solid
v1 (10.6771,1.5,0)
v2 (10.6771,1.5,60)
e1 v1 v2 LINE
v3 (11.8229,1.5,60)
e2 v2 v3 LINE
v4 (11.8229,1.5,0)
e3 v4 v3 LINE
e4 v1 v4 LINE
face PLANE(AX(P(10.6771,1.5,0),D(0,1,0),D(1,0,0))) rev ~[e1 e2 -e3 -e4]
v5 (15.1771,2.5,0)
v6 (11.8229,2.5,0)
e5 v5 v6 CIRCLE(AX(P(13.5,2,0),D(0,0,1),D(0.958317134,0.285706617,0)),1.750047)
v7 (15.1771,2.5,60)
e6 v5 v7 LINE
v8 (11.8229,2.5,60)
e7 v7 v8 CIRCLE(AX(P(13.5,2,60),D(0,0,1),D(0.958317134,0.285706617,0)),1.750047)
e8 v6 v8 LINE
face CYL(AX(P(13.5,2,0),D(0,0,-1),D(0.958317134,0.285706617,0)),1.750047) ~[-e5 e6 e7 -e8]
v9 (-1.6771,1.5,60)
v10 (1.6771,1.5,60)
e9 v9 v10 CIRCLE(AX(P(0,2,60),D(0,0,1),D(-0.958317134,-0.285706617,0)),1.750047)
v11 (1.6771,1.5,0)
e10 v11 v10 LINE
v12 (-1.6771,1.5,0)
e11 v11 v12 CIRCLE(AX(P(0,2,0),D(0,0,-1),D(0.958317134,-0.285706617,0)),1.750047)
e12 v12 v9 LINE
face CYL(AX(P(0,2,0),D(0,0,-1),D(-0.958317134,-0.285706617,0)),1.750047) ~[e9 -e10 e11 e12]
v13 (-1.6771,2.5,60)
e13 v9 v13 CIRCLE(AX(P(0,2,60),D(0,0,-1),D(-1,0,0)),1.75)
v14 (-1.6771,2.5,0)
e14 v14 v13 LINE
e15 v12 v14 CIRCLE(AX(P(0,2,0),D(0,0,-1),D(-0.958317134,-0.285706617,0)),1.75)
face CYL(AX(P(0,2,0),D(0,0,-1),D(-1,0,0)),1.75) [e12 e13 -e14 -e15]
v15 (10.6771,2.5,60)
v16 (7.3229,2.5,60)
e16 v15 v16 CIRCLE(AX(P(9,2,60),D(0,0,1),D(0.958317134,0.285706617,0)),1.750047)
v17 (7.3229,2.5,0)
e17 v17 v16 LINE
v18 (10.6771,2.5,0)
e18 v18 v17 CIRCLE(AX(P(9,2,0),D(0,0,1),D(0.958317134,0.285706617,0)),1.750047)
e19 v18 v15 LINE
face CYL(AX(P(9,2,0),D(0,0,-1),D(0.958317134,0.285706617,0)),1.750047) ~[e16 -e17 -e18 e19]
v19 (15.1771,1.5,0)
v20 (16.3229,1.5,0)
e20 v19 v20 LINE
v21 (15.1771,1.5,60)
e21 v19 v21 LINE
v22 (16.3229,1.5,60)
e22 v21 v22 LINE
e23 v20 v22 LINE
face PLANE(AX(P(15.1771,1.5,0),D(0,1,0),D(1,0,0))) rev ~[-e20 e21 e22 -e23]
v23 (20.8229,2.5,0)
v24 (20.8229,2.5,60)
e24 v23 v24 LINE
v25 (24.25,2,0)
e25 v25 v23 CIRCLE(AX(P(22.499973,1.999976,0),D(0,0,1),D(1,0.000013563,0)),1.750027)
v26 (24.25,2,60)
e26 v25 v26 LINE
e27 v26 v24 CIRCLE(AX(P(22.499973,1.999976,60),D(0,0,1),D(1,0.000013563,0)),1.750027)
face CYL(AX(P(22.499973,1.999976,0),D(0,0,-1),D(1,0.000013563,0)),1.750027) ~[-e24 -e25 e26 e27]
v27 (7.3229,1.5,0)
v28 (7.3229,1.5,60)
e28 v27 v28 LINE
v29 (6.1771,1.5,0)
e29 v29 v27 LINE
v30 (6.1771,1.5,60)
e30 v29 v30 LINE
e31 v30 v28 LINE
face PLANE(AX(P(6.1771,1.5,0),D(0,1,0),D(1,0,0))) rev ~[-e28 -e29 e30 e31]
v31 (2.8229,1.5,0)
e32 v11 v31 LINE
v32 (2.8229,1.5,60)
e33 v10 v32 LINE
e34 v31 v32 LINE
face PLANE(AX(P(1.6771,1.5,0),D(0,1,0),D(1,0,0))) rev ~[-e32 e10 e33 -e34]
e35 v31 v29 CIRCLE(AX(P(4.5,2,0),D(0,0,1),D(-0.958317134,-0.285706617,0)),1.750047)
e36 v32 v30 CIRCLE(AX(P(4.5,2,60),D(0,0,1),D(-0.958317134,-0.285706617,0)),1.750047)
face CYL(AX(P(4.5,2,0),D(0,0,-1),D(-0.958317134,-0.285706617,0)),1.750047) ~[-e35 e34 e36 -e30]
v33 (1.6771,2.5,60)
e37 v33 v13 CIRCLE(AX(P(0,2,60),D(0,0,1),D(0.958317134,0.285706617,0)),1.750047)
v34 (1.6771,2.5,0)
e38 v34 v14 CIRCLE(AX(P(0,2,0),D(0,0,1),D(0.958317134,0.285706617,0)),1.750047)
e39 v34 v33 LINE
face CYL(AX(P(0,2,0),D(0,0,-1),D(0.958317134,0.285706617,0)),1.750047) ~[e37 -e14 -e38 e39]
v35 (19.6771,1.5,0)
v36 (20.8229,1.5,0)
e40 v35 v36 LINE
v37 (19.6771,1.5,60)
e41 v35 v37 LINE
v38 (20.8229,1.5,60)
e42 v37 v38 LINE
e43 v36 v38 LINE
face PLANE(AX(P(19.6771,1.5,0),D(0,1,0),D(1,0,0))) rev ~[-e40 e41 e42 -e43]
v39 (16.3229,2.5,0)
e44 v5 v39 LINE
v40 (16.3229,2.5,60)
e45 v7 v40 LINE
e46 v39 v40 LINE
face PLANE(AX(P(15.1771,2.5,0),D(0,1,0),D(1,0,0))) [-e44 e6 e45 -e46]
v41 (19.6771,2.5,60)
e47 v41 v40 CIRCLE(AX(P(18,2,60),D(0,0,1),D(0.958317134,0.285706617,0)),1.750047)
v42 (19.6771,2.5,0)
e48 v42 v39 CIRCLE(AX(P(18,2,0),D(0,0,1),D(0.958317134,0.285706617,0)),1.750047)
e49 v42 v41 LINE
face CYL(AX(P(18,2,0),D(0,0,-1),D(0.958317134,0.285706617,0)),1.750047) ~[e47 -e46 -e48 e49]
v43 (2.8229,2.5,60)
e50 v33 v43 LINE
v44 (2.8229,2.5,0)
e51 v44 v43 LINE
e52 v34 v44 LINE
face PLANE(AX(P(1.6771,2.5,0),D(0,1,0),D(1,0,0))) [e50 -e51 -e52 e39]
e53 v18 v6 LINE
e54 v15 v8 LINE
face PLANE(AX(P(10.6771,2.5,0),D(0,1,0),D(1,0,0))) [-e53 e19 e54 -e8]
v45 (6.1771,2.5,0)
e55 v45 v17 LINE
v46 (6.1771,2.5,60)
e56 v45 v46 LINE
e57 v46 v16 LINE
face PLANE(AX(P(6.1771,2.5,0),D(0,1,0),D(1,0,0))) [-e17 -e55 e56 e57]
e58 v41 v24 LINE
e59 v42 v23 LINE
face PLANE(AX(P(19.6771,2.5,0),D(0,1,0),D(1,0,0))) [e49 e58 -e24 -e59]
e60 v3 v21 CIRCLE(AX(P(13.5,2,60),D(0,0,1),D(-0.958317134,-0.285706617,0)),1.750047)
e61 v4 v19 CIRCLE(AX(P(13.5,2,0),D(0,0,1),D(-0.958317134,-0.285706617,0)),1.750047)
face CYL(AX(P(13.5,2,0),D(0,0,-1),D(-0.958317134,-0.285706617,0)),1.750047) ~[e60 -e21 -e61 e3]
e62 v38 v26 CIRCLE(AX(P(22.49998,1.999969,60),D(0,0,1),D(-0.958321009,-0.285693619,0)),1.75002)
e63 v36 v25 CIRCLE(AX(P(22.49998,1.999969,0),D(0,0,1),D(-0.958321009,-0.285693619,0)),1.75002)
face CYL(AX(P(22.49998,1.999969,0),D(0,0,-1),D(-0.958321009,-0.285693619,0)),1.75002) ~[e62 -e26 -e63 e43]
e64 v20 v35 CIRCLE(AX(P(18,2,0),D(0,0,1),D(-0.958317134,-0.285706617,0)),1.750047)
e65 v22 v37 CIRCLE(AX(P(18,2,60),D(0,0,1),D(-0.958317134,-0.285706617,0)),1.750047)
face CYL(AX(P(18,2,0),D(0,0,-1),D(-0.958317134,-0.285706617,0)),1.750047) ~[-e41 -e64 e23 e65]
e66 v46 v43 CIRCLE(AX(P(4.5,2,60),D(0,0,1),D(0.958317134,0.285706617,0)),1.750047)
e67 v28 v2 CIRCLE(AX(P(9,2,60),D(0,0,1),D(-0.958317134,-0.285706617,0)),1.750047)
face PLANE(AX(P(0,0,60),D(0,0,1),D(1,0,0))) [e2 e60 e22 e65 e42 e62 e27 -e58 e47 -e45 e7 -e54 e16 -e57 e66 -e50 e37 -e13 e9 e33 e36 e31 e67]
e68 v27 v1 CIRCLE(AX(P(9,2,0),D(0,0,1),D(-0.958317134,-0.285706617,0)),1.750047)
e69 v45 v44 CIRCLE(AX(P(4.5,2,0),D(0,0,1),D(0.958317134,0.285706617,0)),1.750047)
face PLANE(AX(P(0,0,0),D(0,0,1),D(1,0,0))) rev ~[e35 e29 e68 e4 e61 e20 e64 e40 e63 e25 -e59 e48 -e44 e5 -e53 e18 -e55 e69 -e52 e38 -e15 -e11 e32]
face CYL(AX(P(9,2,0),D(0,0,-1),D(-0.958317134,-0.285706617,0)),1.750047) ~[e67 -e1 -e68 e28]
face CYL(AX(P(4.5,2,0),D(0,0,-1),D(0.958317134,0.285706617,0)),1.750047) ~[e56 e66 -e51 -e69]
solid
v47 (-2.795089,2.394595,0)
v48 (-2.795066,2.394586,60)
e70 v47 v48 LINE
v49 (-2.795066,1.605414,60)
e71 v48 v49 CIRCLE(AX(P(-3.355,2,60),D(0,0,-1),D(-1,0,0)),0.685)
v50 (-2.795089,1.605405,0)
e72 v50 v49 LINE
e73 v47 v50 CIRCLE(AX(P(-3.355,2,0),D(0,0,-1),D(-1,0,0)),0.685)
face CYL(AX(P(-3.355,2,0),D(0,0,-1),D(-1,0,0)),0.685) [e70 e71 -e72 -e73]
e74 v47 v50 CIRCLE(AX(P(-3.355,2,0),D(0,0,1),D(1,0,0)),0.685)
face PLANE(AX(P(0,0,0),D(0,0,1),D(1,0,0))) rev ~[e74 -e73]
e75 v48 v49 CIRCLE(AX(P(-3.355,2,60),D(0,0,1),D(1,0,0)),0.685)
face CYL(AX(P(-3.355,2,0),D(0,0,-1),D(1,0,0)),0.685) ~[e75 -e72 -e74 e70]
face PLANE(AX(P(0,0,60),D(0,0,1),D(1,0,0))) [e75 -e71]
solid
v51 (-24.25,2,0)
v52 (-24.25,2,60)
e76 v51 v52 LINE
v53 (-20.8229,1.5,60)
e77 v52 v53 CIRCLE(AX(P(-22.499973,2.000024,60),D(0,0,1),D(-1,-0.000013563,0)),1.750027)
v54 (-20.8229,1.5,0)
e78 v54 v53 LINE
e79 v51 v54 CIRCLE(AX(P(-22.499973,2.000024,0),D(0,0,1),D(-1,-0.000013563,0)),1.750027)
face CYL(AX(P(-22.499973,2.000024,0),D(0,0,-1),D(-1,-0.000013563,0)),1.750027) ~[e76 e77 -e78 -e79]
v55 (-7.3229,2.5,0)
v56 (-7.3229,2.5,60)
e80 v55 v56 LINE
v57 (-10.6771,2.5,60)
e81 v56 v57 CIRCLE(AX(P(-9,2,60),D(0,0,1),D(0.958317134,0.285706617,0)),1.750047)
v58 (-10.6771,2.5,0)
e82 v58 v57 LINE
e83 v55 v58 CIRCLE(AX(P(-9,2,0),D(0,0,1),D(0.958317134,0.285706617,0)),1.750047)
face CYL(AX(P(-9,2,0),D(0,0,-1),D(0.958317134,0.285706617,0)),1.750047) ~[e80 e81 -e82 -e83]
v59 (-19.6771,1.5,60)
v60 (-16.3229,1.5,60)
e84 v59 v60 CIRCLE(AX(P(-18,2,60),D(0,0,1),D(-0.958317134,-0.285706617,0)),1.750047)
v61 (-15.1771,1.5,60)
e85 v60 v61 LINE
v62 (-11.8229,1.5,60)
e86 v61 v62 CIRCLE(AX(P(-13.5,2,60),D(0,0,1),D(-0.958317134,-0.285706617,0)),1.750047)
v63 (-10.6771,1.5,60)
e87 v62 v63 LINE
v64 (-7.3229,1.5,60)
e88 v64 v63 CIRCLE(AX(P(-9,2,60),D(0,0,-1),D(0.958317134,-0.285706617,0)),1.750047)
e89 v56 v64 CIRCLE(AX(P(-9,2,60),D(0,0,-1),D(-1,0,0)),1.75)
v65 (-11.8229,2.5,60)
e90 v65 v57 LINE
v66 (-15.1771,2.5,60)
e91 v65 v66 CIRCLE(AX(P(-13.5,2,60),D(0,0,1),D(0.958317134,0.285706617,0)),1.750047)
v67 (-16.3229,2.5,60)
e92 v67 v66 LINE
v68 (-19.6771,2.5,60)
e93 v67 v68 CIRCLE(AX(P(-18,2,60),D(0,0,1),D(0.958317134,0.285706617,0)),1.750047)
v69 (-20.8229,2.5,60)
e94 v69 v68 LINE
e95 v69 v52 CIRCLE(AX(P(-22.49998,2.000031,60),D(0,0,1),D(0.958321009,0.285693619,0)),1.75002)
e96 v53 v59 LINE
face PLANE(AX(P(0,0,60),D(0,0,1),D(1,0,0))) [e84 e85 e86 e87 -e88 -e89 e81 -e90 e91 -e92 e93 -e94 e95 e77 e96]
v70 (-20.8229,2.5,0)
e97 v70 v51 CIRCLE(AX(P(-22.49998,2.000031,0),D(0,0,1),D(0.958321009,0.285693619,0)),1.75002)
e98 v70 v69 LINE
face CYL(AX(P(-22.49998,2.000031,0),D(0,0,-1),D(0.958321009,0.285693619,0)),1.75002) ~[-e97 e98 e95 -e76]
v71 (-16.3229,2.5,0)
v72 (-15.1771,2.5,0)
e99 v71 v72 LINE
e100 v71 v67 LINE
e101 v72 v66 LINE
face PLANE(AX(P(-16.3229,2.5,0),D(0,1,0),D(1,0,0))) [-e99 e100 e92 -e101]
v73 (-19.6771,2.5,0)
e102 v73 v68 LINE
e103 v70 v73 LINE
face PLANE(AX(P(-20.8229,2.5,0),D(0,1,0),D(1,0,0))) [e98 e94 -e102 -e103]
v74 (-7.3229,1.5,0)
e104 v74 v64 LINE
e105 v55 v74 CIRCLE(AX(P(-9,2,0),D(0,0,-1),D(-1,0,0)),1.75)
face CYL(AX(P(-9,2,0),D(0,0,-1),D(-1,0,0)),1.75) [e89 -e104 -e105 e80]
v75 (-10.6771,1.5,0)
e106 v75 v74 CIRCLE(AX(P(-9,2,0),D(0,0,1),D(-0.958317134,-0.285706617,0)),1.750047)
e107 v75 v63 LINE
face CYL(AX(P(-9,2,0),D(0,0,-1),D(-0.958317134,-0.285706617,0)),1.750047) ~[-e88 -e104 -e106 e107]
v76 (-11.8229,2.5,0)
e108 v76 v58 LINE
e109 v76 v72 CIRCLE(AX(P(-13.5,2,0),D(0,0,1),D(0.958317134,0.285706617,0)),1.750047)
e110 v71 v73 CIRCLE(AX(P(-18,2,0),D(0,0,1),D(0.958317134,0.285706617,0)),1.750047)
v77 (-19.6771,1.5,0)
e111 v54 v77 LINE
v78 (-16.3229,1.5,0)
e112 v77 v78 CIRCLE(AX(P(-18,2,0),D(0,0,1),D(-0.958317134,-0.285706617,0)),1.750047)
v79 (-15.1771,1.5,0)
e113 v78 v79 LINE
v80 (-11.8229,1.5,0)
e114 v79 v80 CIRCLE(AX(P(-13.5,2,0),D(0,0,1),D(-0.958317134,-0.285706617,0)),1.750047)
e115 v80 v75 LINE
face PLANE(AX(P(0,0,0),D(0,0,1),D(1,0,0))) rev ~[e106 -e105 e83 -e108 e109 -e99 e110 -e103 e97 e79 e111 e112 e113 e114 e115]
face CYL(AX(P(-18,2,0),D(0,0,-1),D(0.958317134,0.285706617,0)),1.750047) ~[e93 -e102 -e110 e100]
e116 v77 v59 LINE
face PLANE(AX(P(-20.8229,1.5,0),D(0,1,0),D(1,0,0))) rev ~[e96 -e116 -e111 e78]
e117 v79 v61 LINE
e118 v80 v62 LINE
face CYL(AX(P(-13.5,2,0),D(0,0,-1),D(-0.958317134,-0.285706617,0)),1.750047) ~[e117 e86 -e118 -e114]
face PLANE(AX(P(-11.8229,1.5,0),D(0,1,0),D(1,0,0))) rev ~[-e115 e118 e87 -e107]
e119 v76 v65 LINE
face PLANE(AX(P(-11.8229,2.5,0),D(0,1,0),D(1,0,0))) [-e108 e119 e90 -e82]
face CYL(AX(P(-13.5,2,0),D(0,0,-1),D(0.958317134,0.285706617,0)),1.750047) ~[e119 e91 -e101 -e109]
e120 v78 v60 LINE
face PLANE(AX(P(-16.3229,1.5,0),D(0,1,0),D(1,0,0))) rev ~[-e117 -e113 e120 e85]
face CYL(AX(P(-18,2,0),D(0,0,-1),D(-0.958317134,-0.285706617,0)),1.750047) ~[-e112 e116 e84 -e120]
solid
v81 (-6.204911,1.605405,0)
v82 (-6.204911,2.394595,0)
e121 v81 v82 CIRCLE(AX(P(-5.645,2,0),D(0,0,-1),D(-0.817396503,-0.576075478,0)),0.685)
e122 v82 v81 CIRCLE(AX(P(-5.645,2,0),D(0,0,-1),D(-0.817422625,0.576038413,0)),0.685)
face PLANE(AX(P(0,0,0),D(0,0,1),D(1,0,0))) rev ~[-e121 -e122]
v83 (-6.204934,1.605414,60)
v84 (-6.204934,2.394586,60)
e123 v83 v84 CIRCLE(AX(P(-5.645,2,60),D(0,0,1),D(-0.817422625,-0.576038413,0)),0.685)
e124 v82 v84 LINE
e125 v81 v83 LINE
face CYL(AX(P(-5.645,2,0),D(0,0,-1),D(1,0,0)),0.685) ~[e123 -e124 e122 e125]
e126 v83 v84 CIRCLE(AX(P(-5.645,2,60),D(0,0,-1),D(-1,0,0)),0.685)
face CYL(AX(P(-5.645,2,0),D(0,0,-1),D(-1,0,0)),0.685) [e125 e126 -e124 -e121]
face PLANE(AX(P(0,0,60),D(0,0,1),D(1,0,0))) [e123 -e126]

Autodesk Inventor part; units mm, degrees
ref_plane "YZ Plane" through (0, 0, 0) normal (1, 0, 0) x (0, 1, 0)
ref_plane "XZ Plane" through (0, 0, 0) normal (0, 1, 0) x (-1, 0, 0)
ref_plane "XY Plane" through (0, 0, 0) normal (0, 0, 1) x (1, 0, 0)
sketch "Sketch1" plane through (0, 0, 0) normal (0, 0, 1) x (1, 0, 0)
  line L0 (25, -2) -> (24.25, -2) projected
  line L1 (25, 2) -> (25, -2) projected
  line L2 (24.25, 2) -> (25, 2) projected
  arc A0 (20.8229, 1.5) -> (24.25, 2) centre (22.5, 2) ccw projected
  line L3 (19.6771, 1.5) -> (20.8229, 1.5) projected
  arc A1 (16.3229, 1.5) -> (19.6771, 1.5) centre (18, 2) ccw projected
  line L4 (15.1771, 1.5) -> (16.3229, 1.5) projected
  arc A2 (11.8229, 1.5) -> (15.1771, 1.5) centre (13.5, 2) ccw projected
  line L5 (10.6771, 1.5) -> (11.8229, 1.5) projected
  arc A3 (7.3229, 1.5) -> (10.6771, 1.5) centre (9, 2) ccw projected
  line L6 (6.1771, 1.5) -> (7.3229, 1.5) projected
  arc A4 (2.8229, 1.5) -> (6.1771, 1.5) centre (4.5, 2) ccw projected
  line L7 (1.6771, 1.5) -> (2.8229, 1.5) projected
  arc A5 (-1.6771, 1.5) -> (1.6771, 1.5) centre (0, 2) ccw projected
  line L8 (-2.8229, 1.5) -> (-1.6771, 1.5) projected
  arc A6 (-6.1771, 1.5) -> (-2.8229, 1.5) centre (-4.5, 2) ccw projected
  line L9 (-7.3229, 1.5) -> (-6.1771, 1.5) projected
  arc A7 (-10.6771, 1.5) -> (-7.3229, 1.5) centre (-9, 2) ccw projected
  line L10 (-11.8229, 1.5) -> (-10.6771, 1.5) projected
  arc A8 (-15.1771, 1.5) -> (-11.8229, 1.5) centre (-13.5, 2) ccw projected
  line L11 (-16.3229, 1.5) -> (-15.1771, 1.5) projected
  arc A9 (-19.6771, 1.5) -> (-16.3229, 1.5) centre (-18, 2) ccw projected
  line L12 (-20.8229, 1.5) -> (-19.6771, 1.5) projected
  arc A10 (-24.25, 2) -> (-20.8229, 1.5) centre (-22.5, 2) ccw projected
  line L13 (-25, 2) -> (-24.25, 2) projected
  line L14 (-25, -2) -> (-25, 2) projected
  line L15 (-24.25, -2) -> (-25, -2) projected
  arc A11 (-20.8229, -1.5) -> (-24.25, -2) centre (-22.5, -2) ccw projected
  line L16 (-19.6771, -1.5) -> (-20.8229, -1.5) projected
  arc A12 (-16.3229, -1.5) -> (-19.6771, -1.5) centre (-18, -2) ccw projected
  line L17 (-15.1771, -1.5) -> (-16.3229, -1.5) projected
  arc A13 (-11.8229, -1.5) -> (-15.1771, -1.5) centre (-13.5, -2) ccw projected
  line L18 (-10.6771, -1.5) -> (-11.8229, -1.5) projected
  arc A14 (-7.3229, -1.5) -> (-10.6771, -1.5) centre (-9, -2) ccw projected
  line L19 (-6.1771, -1.5) -> (-7.3229, -1.5) projected
  arc A15 (-2.8229, -1.5) -> (-6.1771, -1.5) centre (-4.5, -2) ccw projected
  line L20 (-1.6771, -1.5) -> (-2.8229, -1.5) projected
  arc A16 (1.6771, -1.5) -> (-1.6771, -1.5) centre (0, -2) ccw projected
  line L21 (2.8229, -1.5) -> (1.6771, -1.5) projected
  arc A17 (6.1771, -1.5) -> (2.8229, -1.5) centre (4.5, -2) ccw projected
  line L22 (7.3229, -1.5) -> (6.1771, -1.5) projected
  arc A18 (10.6771, -1.5) -> (7.3229, -1.5) centre (9, -2) ccw projected
  line L23 (11.8229, -1.5) -> (10.6771, -1.5) projected
  arc A19 (15.1771, -1.5) -> (11.8229, -1.5) centre (13.5, -2) ccw projected
  line L24 (16.3229, -1.5) -> (15.1771, -1.5) projected
  arc A20 (19.6771, -1.5) -> (16.3229, -1.5) centre (18, -2) ccw projected
  line L25 (20.8229, -1.5) -> (19.6771, -1.5) projected
  arc A21 (24.25, -2) -> (20.8229, -1.5) centre (22.5, -2) ccw projected
  arc A22 (-8.7265, 4.65) -> (-8.4667, 4.5) centre (-8.4667, 4.8) ccw projected
  line L26 (-8.7265, 4.65) -> (-9.1941, 5.46) projected
  line L27 (-9.1941, 5.46) -> (-10.1962, 5.46) projected
  arc A23 (-12.1962, 5.46) -> (-10.1962, 5.46) centre (-11.1962, 5.46) ccw projected
  line L28 (-12.1962, 5.46) -> (-15.6962, 5.46) projected
  arc A24 (-17.6962, 5.46) -> (-15.6962, 5.46) centre (-16.6962, 5.46) ccw projected
  line L29 (-17.6962, 5.46) -> (-18.6983, 5.46) projected
  line L30 (-18.6983, 5.46) -> (-19.1659, 4.65) projected
  arc A25 (-19.4258, 4.5) -> (-19.1659, 4.65) centre (-19.4258, 4.8) ccw projected
  line L31 (-19.4258, 4.5) -> (-24, 4.5) projected
  arc A26 (-24, 4.5) -> (-25, 3.5) centre (-24, 3.5) ccw projected
  line L32 (-25, 3.5) -> (-25, 2) projected
  line L33 (-25, 2) -> (-24.25, 2) projected
  arc A27 (-20.8229, 2.5) -> (-24.25, 2) centre (-22.5, 2) ccw projected
  line L34 (-20.8229, 2.5) -> (-19.6771, 2.5) projected
  arc A28 (-16.3229, 2.5) -> (-19.6771, 2.5) centre (-18, 2) ccw projected
  line L35 (-16.3229, 2.5) -> (-15.1771, 2.5) projected
  arc A29 (-11.8229, 2.5) -> (-15.1771, 2.5) centre (-13.5, 2) ccw projected
  line L36 (-11.8229, 2.5) -> (-10.6771, 2.5) projected
  arc A30 (-7.3229, 2.5) -> (-10.6771, 2.5) centre (-9, 2) ccw projected
  line L37 (-7.3229, 2.5) -> (-6.1771, 2.5) projected
  arc A31 (-2.8229, 2.5) -> (-6.1771, 2.5) centre (-4.5, 2) ccw projected
  line L38 (-2.8229, 2.5) -> (-1.6771, 2.5) projected
  arc A32 (1.6771, 2.5) -> (-1.6771, 2.5) centre (0, 2) ccw projected
  line L39 (1.6771, 2.5) -> (2.8229, 2.5) projected
  arc A33 (6.1771, 2.5) -> (2.8229, 2.5) centre (4.5, 2) ccw projected
  line L40 (6.1771, 2.5) -> (7.3229, 2.5) projected
  arc A34 (10.6771, 2.5) -> (7.3229, 2.5) centre (9, 2) ccw projected
  line L41 (10.6771, 2.5) -> (11.8229, 2.5) projected
  arc A35 (15.1771, 2.5) -> (11.8229, 2.5) centre (13.5, 2) ccw projected
  line L42 (15.1771, 2.5) -> (16.3229, 2.5) projected
  arc A36 (19.6771, 2.5) -> (16.3229, 2.5) centre (18, 2) ccw projected
  line L43 (19.6771, 2.5) -> (20.8229, 2.5) projected
  arc A37 (24.25, 2) -> (20.8229, 2.5) centre (22.5, 2) ccw projected
  line L44 (24.25, 2) -> (25, 2) projected
  line L45 (25, 2) -> (25, 3.5) projected
  arc A38 (25, 3.5) -> (24, 4.5) centre (24, 3.5) ccw projected
  line L46 (24, 4.5) -> (-8.4667, 4.5) projected
  circle A39 centre (0, 2) radius 1.75
  circle A40 centre (-9, 2) radius 1.75
  circle A41 centre (-5.645, 2) radius 0.685
  circle A42 centre (-3.355, 2) radius 0.685
  line L47 (-4.5, 2) -> (-6.519, 2) construction
  line L48 (-7.3229, 1.5) -> (-6.1771, 1.5)
  line L49 (-2.8229, 1.5) -> (-1.6771, 1.5)
  line L50 (-1.6771, 2.5) -> (-2.8229, 2.5)
  circle A43 centre (-4.5, 2) radius 1.75
  line L51 (-6.1771, 2.5) -> (-7.3229, 2.5)
  point P0 (0, 0)
  dimension "d2" = 1.37
  dimension "d3" = 1.37
  dimension "d4" = 3.355
  dimension "d5" = 3.355
extrude "Extrusion1" add sketch "Sketch1" along normal blind 60 contours A0 L3 A1 L4 A2 L5 A3 L6 A4 L7 A39 L39 A33 L40 A34 L41 A35 L42 A36 L43 A37 | A5 A39 A32 | L8 A43 A42 L38 A39 | L9 A40 L37 A43 A41 | A43 A42 | A42 A43 | A7 A40 A30 | A43 A41 | A41 A43 | L10 A8 L11 A9 L12 A10 A27 L34 A28 L35 A29 L36 A40
sketch "Sketch2" plane through (0, 0, 0) normal (0, 0, -1) x (-1, 0, 0)
  arc A0 (7.3229, 1.5) -> (10.6771, 1.5) centre (9, 2) ccw projected
  circle A1 centre (9, 2) radius 1.75
  arc A2 (10.6771, 2.5) -> (7.3229, 2.5) centre (9, 2) ccw projected
  line L0 (7.3229, 2.5) -> (6.1771, 2.5)
  arc A3 (6.2049, 2.3946) -> (6.2049, 1.6054) centre (5.645, 2) ccw projected
  circle A4 centre (5.645, 2) radius 0.685
  arc A5 (6.1771, 1.5) -> (6.2049, 1.6054) centre (4.5, 2) ccw projected
  line L1 (6.1771, 1.5) -> (6.2049, 1.6054)
  arc A6 (6.2049, 2.3946) -> (6.1771, 2.5) centre (4.5, 2) ccw projected
  line L2 (6.1771, 2.5) -> (6.2049, 2.3946)
  line L3 (6.1771, 1.5) -> (6.1771, 1.3136)
  line L4 (6.1771, 1.3136) -> (7.3763, 1.3471)
  line L5 (6.1771, 2.5) -> (6.1771, 2.7093)
  line L6 (6.1771, 2.7093) -> (7.416, 2.744)
  line L7 (4.5, 2) -> (4.5, 1.3471) construction
  arc A7 (-1.6771, 1.5) -> (1.6771, 1.5) centre (0, 2) ccw
  circle A8 centre (0, 2) radius 1.75
  arc A9 (1.6771, 2.5) -> (-1.6771, 2.5) centre (0, 2) ccw
  line L8 (1.6771, 2.5) -> (2.8229, 2.5)
  arc A10 (2.7951, 1.6054) -> (2.7951, 2.3946) centre (3.355, 2) ccw
  circle A11 centre (3.355, 2) radius 0.685
  arc A12 (2.7951, 1.6054) -> (2.8229, 1.5) centre (4.5, 2) ccw
  line L9 (2.8229, 1.5) -> (2.7951, 1.6054)
  arc A13 (2.8229, 2.5) -> (2.7951, 2.3946) centre (4.5, 2) ccw
  line L10 (2.8229, 2.5) -> (2.7951, 2.3946)
  line L11 (2.8229, 2.5) -> (2.8229, 2.7093)
  line L12 (2.8229, 2.7093) -> (1.584, 2.744)
  line L13 (2.8229, 1.5) -> (2.8229, 1.3136)
  line L14 (2.8229, 1.3136) -> (1.6237, 1.3471)
  point P0 (0, 0)
  dimension "d6" = 3.5
  dimension "d7" = 1.37
extrude "Extrusion2" cut sketch "Sketch2" against normal blind 73.5 contours A0 L4 L3 A5 A4 A6 L0 A1 | A7 A8 L8 A13 A11 A12 L13 L14
properties part number "3d_LM-Welding_Tooling - Wire Jacket"
